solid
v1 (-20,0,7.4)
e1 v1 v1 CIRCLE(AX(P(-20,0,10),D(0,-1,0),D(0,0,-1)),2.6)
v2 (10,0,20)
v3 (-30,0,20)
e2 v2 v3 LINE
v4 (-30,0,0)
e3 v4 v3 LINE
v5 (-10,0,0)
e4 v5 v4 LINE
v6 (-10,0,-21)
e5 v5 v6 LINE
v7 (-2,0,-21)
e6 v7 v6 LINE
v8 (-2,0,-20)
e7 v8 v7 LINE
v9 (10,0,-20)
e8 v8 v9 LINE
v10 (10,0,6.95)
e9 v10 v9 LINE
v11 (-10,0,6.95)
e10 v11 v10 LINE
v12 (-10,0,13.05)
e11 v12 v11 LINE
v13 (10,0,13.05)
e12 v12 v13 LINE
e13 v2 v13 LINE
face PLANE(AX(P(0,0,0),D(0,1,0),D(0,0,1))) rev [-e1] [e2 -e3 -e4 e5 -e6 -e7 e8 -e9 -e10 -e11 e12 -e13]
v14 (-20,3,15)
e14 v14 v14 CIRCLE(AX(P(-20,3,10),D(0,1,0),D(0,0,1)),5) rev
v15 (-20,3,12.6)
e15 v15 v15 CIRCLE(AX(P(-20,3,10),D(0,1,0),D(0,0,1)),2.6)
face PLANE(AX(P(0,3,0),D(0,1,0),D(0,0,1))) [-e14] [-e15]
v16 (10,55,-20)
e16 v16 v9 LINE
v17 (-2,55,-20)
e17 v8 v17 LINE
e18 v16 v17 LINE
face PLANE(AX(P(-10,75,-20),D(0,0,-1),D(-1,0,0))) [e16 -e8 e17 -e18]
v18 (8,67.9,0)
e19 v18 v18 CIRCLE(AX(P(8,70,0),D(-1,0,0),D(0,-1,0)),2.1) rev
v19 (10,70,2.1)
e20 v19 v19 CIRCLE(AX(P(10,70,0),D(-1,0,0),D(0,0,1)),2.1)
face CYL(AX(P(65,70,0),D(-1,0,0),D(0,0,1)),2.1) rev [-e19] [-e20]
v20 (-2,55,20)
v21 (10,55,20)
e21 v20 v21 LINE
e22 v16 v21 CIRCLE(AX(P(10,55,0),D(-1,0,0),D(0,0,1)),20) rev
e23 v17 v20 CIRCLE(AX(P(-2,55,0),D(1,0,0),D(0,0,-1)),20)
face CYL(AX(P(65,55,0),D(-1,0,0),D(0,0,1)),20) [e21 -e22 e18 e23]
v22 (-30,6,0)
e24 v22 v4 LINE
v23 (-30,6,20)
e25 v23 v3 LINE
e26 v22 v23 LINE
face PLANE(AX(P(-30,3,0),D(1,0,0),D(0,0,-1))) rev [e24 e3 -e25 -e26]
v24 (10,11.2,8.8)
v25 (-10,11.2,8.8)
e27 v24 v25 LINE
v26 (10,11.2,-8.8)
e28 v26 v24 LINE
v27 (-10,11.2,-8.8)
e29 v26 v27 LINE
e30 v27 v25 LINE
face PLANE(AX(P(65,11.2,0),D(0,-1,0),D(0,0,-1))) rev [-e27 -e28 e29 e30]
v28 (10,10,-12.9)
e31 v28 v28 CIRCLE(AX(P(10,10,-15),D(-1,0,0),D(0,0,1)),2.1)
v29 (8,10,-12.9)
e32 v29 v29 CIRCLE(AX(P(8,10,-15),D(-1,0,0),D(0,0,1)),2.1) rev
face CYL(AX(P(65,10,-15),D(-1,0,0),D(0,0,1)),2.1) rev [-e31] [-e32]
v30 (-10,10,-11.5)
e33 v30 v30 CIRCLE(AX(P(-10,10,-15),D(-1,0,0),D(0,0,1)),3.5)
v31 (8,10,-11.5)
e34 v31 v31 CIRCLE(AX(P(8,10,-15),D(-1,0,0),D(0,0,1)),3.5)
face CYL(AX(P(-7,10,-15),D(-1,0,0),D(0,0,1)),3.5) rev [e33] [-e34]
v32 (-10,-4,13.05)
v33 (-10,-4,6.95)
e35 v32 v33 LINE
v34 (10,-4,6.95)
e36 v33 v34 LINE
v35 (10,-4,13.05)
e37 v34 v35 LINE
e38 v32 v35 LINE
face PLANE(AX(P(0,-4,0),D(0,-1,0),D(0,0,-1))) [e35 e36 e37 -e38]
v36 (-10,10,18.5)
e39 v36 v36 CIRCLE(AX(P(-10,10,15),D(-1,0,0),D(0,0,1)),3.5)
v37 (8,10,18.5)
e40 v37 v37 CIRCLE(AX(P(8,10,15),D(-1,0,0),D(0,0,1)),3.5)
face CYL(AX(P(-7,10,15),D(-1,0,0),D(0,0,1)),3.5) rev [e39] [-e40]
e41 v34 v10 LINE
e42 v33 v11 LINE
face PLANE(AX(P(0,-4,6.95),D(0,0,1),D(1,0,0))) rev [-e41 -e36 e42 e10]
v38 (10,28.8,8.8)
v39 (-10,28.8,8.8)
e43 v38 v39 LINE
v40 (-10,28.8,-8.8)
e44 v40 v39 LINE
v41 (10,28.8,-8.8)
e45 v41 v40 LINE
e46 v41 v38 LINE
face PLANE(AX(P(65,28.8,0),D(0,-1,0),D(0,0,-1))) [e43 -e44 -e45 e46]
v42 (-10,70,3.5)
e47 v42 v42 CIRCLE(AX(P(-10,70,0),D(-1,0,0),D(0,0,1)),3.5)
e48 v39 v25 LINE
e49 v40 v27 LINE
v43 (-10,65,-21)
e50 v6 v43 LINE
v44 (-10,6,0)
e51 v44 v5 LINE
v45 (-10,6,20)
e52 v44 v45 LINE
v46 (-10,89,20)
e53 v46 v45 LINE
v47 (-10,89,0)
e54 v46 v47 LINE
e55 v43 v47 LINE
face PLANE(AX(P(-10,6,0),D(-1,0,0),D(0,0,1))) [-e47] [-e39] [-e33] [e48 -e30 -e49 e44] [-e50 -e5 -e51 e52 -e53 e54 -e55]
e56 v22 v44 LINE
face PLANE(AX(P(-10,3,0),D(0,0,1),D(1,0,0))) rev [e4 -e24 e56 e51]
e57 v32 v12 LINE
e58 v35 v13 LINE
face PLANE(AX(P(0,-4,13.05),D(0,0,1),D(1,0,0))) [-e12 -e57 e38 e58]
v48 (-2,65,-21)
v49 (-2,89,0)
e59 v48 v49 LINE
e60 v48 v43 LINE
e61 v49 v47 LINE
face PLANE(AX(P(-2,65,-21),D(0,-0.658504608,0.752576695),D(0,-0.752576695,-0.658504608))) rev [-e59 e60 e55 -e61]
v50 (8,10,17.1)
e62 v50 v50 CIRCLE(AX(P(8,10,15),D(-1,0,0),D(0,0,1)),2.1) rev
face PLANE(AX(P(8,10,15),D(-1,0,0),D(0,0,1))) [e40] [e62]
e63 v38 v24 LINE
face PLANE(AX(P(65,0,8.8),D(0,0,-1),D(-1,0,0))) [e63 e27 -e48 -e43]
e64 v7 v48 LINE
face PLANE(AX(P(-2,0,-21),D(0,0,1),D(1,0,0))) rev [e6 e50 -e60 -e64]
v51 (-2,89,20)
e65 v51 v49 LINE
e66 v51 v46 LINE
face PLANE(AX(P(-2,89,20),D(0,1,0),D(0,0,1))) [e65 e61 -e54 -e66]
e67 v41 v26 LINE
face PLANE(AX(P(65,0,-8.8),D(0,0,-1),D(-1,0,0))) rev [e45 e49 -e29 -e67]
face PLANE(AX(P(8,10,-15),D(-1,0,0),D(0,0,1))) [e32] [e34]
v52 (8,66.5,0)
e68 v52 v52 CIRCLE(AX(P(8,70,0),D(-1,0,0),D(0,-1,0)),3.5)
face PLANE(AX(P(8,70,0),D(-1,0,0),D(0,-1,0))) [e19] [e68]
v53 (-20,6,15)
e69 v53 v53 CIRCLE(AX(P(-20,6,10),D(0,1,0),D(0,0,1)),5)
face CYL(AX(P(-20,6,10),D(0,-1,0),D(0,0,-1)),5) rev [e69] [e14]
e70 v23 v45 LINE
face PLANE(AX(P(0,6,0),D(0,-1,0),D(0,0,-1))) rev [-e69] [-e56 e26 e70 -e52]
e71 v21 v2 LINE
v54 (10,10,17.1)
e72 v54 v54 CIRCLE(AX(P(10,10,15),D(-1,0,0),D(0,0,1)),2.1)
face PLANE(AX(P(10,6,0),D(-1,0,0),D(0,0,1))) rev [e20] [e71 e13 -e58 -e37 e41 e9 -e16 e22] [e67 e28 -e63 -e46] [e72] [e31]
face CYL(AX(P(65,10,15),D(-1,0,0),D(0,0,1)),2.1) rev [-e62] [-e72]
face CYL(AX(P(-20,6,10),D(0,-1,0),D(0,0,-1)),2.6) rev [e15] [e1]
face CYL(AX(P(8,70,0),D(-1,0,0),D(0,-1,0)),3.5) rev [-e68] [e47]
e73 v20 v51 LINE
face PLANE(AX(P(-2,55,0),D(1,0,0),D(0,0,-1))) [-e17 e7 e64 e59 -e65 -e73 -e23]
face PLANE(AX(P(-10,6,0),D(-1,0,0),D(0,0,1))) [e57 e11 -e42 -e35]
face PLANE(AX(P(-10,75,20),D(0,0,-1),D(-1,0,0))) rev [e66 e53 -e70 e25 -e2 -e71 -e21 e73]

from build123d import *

# Parameters (mm, degrees)
SKETCH_1_W           = 20
SKETCH_1_H           = 60
SKETCH_1_R           = 2.6
EXTRUDE_1_DEPTH      = 6
SKETCH_2_W           = 6.1
SKETCH_2_H           = 43.9
SKETCH_2_H_2         = 1.95
SKETCH_2_W_2         = 6.043917029
EXTRUDE_2_DEPTH      = 4
SKETCH_3_R           = 4.9
CUT_EXTRUDE_3_DEPTH  = 3
SKETCH_4_W           = 20
SKETCH_4_H           = 40
EXTRUDE_3_DEPTH      = 69
CUT_EXTRUDE_4_DEPTH  = 75
SKETCH_6_R           = 2.1
CUT_EXTRUDE_5_DEPTH  = 75
CUT_EXTRUDE_6_DEPTH  = 75
SKETCH_13_R          = 3.5
CUT_EXTRUDE_8_DEPTH  = 3
SKETCH_14_R          = 3.5
CUT_EXTRUDE_9_DEPTH  = 3
SKETCH_15_W          = 6.1
SKETCH_15_H          = 1.95
SKETCH_15_W_2        = 6.043917029
CUT_EXTRUDE_10_DEPTH = 4
SKETCH_24_R          = 3.5
CUT_EXTRUDE_14_DEPTH = 15
SKETCH_25_R          = 3.5
CUT_EXTRUDE_15_DEPTH = 15
SKETCH_26_W          = 6.1
SKETCH_26_H          = 43.9
CUT_EXTRUDE_16_DEPTH = 4
SKETCH_27_W          = 20
SKETCH_27_H          = 10
CUT_EXTRUDE_17_DEPTH = 10
EXTRUDE_4_DEPTH      = 4
SKETCH_29_R          = 3.5
CUT_EXTRUDE_18_DEPTH = 18
EXTRUDE_5_DEPTH      = 8
SKETCH_31_W          = 20
SKETCH_31_H          = 20
EXTRUDE_6_DEPTH      = 3
CUT_EXTRUDE_19_DEPTH = 6
SKETCH_33_W          = 20
SKETCH_33_H          = 20
SKETCH_33_R          = 5
EXTRUDE_7_DEPTH      = 3


with BuildPart() as part:
    # 草图1 → 凸台-拉伸1 (new body)
    with BuildSketch(Plane(origin=(0, 0, 0), x_dir=(1, 0, 0), z_dir=(0, 1, 0))):
        Rectangle(SKETCH_1_W, SKETCH_1_H)
        with Locations(Location((0, 25, 0), (0, 0, 270))):
            Circle(SKETCH_1_R, mode=Mode.SUBTRACT)
        with Locations(Location((0, -25, 0), (0, 0, 270))):
            Circle(SKETCH_1_R, mode=Mode.SUBTRACT)
    extrude(amount=EXTRUDE_1_DEPTH)

    # 草图2 → 凸台-拉伸2 (add)
    with BuildSketch(Plane.XZ):
        Rectangle(SKETCH_2_W, SKETCH_2_H)
        with Locations((0, 29.025)):
            Rectangle(SKETCH_2_W, SKETCH_2_H_2)
        with Locations((0.028041485, -29.025)):
            Rectangle(SKETCH_2_W_2, SKETCH_2_H_2)
    extrude(amount=EXTRUDE_2_DEPTH)

    # 草图3 → 切除-拉伸3 (cut)
    with BuildSketch(Plane(origin=(0, 6, 0), x_dir=(1, 0, 0), z_dir=(0, 1, 0))):
        with Locations(Location((0, -25, 0), (0, 0, 270))):
            Circle(SKETCH_3_R)
        with Locations(Location((0, 25, 0), (0, 0, 270))):
            Circle(SKETCH_3_R)
    extrude(amount=-CUT_EXTRUDE_3_DEPTH, mode=Mode.SUBTRACT)

    # 草图4 → 凸台-拉伸3 (add)
    with BuildSketch(Plane(origin=(0, 6, 0), x_dir=(1, 0, 0), z_dir=(0, 1, 0))):
        Rectangle(SKETCH_4_W, SKETCH_4_H)
    extrude(amount=EXTRUDE_3_DEPTH)

    # 草图5 → 切除-拉伸4 (cut)
    with BuildSketch(Plane.ZY.offset(10)):
        Polygon((-8.8, 11.2), (0, 11.2), (8.8, 11.2), (8.8, 28.8), (0, 28.8), (-8.8, 28.8), align=None)
    extrude(amount=-CUT_EXTRUDE_4_DEPTH, mode=Mode.SUBTRACT)

    # 草图6 → 切除-拉伸5 (cut)
    with BuildSketch(Plane.ZY.offset(10)):
        with Locations((0, 70)):
            Circle(SKETCH_6_R)
        with Locations((-15, 10)):
            Circle(SKETCH_6_R)
        with Locations((15, 10)):
            Circle(SKETCH_6_R)
    extrude(amount=-CUT_EXTRUDE_5_DEPTH, mode=Mode.SUBTRACT)

    # 草图7 → 切除-拉伸6 (cut)
    with BuildSketch(Plane.ZY.offset(10)):
        with BuildLine():
            Line((-20, 75), (-20, 55))
            ThreePointArc((-20, 55), (-14.142135624, 69.142135624), (0, 75))
            Line((0, 75), (-20, 75))
        make_face()
        with BuildLine():
            Line((20, 75), (0, 75))
            ThreePointArc((0, 75), (14.142135624, 69.142135624), (20, 55))
            Line((20, 55), (20, 75))
        make_face()
    extrude(amount=-CUT_EXTRUDE_6_DEPTH, mode=Mode.SUBTRACT)

    # 草图13 → 切除-拉伸8 (cut)
    with BuildSketch(Plane.ZY.offset(10)):
        with Locations((-15, 10)):
            Circle(SKETCH_13_R)
        with Locations((15, 10)):
            Circle(SKETCH_13_R)
    extrude(amount=-CUT_EXTRUDE_8_DEPTH, mode=Mode.SUBTRACT)

    # 草图14 → 切除-拉伸9 (cut)
    with BuildSketch(Plane.ZY.offset(-5)):
        with Locations(Location((0, 70, 0), (0, 0, 270))):
            Circle(SKETCH_14_R)
    extrude(amount=-CUT_EXTRUDE_9_DEPTH, mode=Mode.SUBTRACT)

    # 草图15 → 切除-拉伸10 (cut)
    with BuildSketch(Plane(origin=(0, -4, 0), x_dir=(-1, 0, 0), z_dir=(0, -1, 0))):
        with Locations((0, -29.025)):
            Rectangle(SKETCH_15_W, SKETCH_15_H)
        with Locations((-0.028041485, 29.025)):
            Rectangle(SKETCH_15_W_2, SKETCH_15_H)
    extrude(amount=-CUT_EXTRUDE_10_DEPTH, mode=Mode.SUBTRACT)

    # 草图24 → 切除-拉伸14 (cut)
    with BuildSketch(Plane.ZY.offset(10)):
        with Locations((-15, 10)):
            Circle(SKETCH_24_R)
        with Locations((15, 10)):
            Circle(SKETCH_24_R)
    extrude(amount=-CUT_EXTRUDE_14_DEPTH, mode=Mode.SUBTRACT)

    # 草图25 → 切除-拉伸15 (cut)
    with BuildSketch(Plane.ZY.offset(10)):
        with Locations(Location((0, 70, 0), (0, 0, 270))):
            Circle(SKETCH_25_R)
    extrude(amount=-CUT_EXTRUDE_15_DEPTH, mode=Mode.SUBTRACT)

    # 草图26 → 切除-拉伸16 (cut)
    with BuildSketch(Plane(origin=(0, -4, 0), x_dir=(-1, 0, 0), z_dir=(0, -1, 0))):
        Rectangle(SKETCH_26_W, SKETCH_26_H)
    extrude(amount=-CUT_EXTRUDE_16_DEPTH, mode=Mode.SUBTRACT)

    # 草图27 → 切除-拉伸17 (cut)
    with BuildSketch(Plane(origin=(0, 6, 0), x_dir=(1, 0, 0), z_dir=(0, 1, 0))):
        with Locations((0, 25)):
            Rectangle(SKETCH_27_W, SKETCH_27_H)
        with Locations((0, -25)):
            Rectangle(SKETCH_27_W, SKETCH_27_H)
    extrude(amount=-CUT_EXTRUDE_17_DEPTH, mode=Mode.SUBTRACT)

    # 草图28 → 凸台-拉伸4 (add)
    with BuildSketch(Plane.XZ):
        Polygon((10, 6.95), (10, 10), (10, 13.05), (-10, 13.05), (-10, 10), (-10, 6.95), align=None)
    extrude(amount=EXTRUDE_4_DEPTH)

    # 草图29 → 切除-拉伸18 (cut)
    with BuildSketch(Plane.ZY.offset(10)):
        with Locations(Location((0, 70, 0), (0, 0, 270))):
            Circle(SKETCH_29_R)
        with Locations((15, 10)):
            Circle(SKETCH_29_R)
        with Locations((-15, 10)):
            Circle(SKETCH_29_R)
    extrude(amount=-CUT_EXTRUDE_18_DEPTH, mode=Mode.SUBTRACT)

    # 草图30 → 凸台-拉伸5 (add)
    with BuildSketch(Plane.ZY.offset(10)):
        with BuildLine():
            Line((20, 55), (20, 89))
            Line((20, 89), (0, 89))
            Line((0, 89), (-21, 65))
            Line((-21, 65), (-21, 0))
            Line((-21, 0), (-20, 0))
            Line((-20, 0), (-20, 55))
            ThreePointArc((-20, 55), (0, 75), (20, 55))
        make_face()
    extrude(amount=-EXTRUDE_5_DEPTH)

    # 草图31 → 凸台-拉伸6 (add)
    with BuildSketch(Plane.XZ):
        with Locations((-20, 10)):
            Rectangle(SKETCH_31_W, SKETCH_31_H)
    extrude(amount=-EXTRUDE_6_DEPTH)

    # 草图32 → 切除-拉伸19 (cut)
    with BuildSketch(Plane(origin=(0, 0, 0), x_dir=(-1, 0, 0), z_dir=(0, -1, 0))):
        with BuildLine():
            ThreePointArc((18.161522369, -8.161522369), (18.161522369, -11.838477631), (21.838477631, -11.838477631))
            Line((21.838477631, -11.838477631), (18.161522369, -8.161522369))
        make_face()
        with BuildLine():
            Line((18.161522369, -8.161522369), (21.838477631, -11.838477631))
            ThreePointArc((21.838477631, -11.838477631), (22.402086785, -10.994976924), (22.6, -10))
            ThreePointArc((22.6, -10), (20.994976924, -7.597913215), (18.161522369, -8.161522369))
        make_face()
    extrude(amount=-CUT_EXTRUDE_19_DEPTH, mode=Mode.SUBTRACT)

    # 草图33 → 凸台-拉伸7 (add)
    with BuildSketch(Plane(origin=(0, 3, 0), x_dir=(1, 0, 0), z_dir=(0, 1, 0))):
        with Locations((-20, -10)):
            Rectangle(SKETCH_33_W, SKETCH_33_H)
        with Locations(Location((-20, -10, 0), (0, 0, 270))):
            Circle(SKETCH_33_R, mode=Mode.SUBTRACT)
    extrude(amount=EXTRUDE_7_DEPTH)


solid = part.part
